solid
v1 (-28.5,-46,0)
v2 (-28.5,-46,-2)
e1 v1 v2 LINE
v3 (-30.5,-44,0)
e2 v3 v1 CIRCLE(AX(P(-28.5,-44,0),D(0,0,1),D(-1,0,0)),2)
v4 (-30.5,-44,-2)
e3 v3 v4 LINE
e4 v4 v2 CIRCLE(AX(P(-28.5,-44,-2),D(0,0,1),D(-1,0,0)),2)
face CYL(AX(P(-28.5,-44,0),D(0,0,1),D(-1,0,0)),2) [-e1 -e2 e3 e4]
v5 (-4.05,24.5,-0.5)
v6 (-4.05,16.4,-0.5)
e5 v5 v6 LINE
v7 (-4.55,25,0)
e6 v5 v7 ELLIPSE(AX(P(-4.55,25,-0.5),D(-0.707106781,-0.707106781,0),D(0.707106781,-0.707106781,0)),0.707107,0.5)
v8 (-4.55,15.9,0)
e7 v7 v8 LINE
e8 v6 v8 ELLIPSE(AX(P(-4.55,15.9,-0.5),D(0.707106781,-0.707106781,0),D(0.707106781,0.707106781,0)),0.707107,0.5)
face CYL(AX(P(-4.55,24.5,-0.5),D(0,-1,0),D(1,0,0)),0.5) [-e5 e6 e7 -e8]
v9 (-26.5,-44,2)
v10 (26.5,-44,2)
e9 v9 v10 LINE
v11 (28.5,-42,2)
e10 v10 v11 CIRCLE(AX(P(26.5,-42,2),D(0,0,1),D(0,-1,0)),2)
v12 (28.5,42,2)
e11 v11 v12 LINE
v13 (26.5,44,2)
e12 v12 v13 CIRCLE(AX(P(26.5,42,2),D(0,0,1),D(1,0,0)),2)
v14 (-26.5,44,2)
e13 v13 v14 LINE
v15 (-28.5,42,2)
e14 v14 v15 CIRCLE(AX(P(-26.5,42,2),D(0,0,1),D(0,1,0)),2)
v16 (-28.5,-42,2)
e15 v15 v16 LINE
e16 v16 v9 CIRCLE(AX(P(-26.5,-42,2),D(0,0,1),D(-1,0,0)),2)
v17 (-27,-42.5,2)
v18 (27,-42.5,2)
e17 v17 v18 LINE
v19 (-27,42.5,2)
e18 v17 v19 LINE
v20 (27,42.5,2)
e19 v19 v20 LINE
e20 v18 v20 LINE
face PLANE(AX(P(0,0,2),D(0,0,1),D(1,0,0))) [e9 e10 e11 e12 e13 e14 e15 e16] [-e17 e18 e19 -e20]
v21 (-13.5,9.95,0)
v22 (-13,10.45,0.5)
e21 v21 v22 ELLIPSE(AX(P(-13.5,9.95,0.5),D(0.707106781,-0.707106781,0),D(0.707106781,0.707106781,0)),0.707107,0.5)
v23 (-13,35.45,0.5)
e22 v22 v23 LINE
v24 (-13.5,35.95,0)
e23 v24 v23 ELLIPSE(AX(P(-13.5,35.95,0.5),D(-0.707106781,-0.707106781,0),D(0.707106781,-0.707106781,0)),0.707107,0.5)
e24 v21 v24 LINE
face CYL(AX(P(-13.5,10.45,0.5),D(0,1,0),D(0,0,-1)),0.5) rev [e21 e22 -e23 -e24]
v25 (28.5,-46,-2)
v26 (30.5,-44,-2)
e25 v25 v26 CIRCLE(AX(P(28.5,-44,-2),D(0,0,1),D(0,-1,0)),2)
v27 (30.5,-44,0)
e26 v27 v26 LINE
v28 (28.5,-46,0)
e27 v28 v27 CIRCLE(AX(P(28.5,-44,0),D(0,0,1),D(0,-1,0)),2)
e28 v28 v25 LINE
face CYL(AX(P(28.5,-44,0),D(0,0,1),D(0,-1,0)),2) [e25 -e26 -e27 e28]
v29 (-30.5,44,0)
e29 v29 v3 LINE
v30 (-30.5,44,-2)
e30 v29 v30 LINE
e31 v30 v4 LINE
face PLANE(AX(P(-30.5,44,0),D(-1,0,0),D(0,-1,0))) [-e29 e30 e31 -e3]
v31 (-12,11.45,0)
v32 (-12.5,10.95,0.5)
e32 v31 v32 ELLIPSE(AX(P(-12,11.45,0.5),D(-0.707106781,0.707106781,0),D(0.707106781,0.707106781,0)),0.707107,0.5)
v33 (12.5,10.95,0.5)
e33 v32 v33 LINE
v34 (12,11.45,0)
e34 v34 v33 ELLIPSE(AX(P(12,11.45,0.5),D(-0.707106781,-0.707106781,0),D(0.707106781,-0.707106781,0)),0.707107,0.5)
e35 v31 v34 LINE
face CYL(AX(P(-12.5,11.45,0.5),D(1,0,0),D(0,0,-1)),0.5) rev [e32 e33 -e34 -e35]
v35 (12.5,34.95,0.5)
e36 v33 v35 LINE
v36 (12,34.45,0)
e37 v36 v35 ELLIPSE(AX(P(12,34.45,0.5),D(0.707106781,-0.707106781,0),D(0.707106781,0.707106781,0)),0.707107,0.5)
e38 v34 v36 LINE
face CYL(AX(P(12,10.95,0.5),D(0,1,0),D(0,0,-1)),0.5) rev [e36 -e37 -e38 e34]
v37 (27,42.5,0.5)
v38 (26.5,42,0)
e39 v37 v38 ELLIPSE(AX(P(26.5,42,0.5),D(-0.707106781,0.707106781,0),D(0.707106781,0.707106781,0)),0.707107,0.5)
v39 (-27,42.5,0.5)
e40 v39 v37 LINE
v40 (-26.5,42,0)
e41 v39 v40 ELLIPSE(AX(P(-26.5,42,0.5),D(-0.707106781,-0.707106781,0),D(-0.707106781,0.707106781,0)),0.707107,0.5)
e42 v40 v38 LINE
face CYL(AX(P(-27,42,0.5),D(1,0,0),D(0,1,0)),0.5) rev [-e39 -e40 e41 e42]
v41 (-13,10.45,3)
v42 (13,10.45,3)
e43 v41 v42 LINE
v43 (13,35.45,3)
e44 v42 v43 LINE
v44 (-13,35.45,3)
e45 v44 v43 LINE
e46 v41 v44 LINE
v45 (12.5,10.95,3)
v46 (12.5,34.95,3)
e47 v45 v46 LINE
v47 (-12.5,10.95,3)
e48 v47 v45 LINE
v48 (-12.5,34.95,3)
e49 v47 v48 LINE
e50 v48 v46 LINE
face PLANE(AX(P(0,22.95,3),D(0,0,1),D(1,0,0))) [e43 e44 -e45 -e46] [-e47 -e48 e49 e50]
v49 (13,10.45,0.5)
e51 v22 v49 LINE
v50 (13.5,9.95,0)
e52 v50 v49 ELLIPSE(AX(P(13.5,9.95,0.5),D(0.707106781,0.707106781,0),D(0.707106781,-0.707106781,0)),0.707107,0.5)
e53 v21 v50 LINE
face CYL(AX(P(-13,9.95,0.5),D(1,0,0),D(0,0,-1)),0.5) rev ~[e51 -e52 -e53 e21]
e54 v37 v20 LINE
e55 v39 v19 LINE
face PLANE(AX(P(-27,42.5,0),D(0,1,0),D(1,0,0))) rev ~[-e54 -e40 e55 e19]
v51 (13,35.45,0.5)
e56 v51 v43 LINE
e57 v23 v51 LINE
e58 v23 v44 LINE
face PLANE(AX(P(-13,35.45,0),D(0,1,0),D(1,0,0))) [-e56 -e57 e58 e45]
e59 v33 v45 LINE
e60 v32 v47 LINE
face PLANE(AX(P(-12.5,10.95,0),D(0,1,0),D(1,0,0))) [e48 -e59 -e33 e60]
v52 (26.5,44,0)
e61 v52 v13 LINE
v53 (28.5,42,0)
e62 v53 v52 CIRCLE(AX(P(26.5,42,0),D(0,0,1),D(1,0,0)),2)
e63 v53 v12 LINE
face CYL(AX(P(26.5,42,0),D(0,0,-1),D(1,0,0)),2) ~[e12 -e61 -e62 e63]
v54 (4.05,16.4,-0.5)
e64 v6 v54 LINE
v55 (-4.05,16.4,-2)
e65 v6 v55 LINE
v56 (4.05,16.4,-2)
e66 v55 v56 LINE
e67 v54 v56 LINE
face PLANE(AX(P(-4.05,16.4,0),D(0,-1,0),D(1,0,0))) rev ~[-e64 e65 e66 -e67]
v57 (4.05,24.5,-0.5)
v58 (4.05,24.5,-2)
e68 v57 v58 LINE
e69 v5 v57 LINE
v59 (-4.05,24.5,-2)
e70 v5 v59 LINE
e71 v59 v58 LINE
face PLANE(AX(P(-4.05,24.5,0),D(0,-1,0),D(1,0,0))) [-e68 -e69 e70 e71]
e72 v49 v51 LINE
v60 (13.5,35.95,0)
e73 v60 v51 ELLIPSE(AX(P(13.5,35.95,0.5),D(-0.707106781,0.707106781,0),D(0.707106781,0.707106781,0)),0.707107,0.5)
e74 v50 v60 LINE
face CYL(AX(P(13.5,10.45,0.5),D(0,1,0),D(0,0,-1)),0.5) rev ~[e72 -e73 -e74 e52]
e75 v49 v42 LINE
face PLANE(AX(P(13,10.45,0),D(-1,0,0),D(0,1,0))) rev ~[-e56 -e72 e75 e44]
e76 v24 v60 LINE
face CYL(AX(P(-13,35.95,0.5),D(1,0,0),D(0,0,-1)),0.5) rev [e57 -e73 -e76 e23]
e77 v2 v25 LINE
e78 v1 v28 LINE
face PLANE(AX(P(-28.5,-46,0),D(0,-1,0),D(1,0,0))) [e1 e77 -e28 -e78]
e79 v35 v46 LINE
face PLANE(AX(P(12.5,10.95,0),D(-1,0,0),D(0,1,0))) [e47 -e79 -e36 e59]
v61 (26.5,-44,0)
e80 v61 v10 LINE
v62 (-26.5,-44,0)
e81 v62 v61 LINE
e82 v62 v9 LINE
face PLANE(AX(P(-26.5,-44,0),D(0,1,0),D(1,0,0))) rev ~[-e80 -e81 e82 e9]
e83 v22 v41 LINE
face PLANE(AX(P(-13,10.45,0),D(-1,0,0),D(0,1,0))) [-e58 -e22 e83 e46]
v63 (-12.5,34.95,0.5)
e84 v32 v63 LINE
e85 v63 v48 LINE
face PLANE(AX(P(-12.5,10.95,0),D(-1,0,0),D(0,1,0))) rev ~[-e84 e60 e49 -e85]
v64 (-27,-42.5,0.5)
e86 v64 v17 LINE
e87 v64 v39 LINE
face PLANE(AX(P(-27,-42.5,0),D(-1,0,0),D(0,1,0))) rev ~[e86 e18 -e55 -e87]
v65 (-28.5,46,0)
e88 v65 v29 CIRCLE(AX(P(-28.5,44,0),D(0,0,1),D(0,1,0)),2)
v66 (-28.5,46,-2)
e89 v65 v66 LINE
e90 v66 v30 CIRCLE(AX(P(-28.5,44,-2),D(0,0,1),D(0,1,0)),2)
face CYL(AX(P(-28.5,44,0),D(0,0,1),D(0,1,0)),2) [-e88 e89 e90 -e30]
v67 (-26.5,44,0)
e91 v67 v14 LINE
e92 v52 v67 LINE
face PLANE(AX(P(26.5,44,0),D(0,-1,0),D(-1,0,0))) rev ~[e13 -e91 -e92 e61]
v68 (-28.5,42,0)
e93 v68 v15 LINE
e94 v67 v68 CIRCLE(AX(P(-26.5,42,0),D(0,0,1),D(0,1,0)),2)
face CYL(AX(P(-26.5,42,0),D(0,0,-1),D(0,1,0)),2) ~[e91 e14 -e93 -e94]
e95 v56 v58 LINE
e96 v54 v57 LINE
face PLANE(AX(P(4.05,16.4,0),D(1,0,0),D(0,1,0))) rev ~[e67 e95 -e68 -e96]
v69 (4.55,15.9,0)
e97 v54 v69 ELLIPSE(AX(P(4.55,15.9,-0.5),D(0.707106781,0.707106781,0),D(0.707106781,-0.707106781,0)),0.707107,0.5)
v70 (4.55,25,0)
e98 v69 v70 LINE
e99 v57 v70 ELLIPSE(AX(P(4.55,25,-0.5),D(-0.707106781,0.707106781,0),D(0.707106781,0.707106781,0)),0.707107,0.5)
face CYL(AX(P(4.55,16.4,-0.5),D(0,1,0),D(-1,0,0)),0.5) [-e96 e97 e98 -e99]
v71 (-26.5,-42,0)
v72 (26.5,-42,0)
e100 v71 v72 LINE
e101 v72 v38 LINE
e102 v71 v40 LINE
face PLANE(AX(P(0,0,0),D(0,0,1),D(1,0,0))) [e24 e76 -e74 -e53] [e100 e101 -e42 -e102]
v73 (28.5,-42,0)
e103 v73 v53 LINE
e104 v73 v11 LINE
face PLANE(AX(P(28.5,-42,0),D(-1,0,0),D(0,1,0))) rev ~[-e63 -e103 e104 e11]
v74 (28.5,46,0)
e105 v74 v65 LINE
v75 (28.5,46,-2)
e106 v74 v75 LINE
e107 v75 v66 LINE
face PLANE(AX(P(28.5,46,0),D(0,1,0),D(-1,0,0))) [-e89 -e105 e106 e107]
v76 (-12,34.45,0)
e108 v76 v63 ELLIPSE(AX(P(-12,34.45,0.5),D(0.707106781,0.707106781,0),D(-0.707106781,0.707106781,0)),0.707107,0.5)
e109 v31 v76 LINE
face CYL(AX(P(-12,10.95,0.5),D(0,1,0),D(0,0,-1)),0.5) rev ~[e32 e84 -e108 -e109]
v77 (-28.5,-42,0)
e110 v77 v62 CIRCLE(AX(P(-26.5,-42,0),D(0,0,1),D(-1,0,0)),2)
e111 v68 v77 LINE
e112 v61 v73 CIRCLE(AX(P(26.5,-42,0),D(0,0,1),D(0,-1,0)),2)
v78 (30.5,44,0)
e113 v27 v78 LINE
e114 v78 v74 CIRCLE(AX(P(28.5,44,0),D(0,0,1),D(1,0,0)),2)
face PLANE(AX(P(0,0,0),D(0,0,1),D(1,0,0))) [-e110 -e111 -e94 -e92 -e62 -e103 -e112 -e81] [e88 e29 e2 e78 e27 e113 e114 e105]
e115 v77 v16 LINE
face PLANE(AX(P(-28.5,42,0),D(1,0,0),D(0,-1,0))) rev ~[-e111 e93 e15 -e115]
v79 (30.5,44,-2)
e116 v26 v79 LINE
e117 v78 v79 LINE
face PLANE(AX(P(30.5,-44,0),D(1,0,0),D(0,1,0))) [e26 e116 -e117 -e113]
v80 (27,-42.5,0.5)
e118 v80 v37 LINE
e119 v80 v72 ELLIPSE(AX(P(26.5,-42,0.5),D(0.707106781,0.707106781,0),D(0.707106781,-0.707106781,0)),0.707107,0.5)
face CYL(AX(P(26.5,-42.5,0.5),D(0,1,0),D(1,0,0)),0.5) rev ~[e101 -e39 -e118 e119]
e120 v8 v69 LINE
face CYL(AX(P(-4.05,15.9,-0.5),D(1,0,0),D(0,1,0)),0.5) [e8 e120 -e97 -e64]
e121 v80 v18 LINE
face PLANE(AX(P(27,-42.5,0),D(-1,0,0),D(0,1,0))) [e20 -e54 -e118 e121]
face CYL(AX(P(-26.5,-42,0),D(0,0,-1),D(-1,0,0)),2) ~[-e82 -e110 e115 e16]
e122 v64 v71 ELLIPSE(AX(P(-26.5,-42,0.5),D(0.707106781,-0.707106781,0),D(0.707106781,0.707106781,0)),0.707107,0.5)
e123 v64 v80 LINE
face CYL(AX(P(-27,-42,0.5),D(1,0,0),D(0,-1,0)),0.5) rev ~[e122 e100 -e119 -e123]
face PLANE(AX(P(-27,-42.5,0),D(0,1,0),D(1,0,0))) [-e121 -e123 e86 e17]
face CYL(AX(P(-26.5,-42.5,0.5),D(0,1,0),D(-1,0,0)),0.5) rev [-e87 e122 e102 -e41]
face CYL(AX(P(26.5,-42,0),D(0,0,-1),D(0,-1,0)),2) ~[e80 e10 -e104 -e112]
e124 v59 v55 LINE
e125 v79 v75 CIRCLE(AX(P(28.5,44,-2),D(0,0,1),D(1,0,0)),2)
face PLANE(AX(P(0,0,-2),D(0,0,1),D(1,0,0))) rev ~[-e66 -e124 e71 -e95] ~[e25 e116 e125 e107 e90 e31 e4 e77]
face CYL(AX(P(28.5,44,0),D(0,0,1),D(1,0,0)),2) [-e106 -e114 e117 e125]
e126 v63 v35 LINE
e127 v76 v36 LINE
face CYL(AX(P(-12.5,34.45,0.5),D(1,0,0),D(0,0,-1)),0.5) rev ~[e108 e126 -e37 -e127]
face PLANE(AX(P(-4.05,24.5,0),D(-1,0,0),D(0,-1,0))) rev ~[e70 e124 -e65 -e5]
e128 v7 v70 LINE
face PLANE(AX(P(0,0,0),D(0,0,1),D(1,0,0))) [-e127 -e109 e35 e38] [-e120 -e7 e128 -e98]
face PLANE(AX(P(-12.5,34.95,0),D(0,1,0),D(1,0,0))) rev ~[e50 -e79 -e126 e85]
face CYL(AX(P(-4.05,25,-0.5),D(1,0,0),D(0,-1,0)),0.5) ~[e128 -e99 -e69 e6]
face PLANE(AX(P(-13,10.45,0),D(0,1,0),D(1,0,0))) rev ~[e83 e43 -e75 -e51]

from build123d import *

# Parameters (mm, degrees)
F0_W     = 54
F0_H     = 85
F1_DEPTH = 2
F2_DEPTH = 2
F3_W     = 26
F3_H     = 25
F3_W_2   = 25
F3_H_2   = 24
F4_DEPTH = 3
F3_W_3   = 8.1
F3_H_3   = 4.05
F5_DEPTH = 2
F6_R     = 0.5


with BuildPart() as f1:
    # F0 (on Top) → F1 (new body)
    with BuildSketch(Plane.XY):
        with BuildLine():
            Line((-30.5, 44), (-30.5, 0))
            Line((-30.5, 0), (-30.5, -44))
            ThreePointArc((-30.5, -44), (-29.9142135624, -45.4142135624), (-28.5, -46))
            Line((-28.5, -46), (28.5, -46))
            ThreePointArc((28.5, -46), (29.9142135624, -45.4142135624), (30.5, -44))
            Line((30.5, -44), (30.5, 0))
            Line((30.5, 0), (30.5, 44))
            ThreePointArc((30.5, 44), (29.9142135624, 45.4142135624), (28.5, 46))
            Line((28.5, 46), (-28.5, 46))
            ThreePointArc((-28.5, 46), (-29.9142135624, 45.4142135624), (-30.5, 44))
        make_face()
        with BuildLine():
            Line((-28.5, -42), (-28.5, 0))
            Line((-28.5, 0), (-28.5, 42))
            ThreePointArc((-28.5, 42), (-27.9142135624, 43.4142135624), (-26.5, 44))
            Line((-26.5, 44), (26.5, 44))
            ThreePointArc((26.5, 44), (27.9142135624, 43.4142135624), (28.5, 42))
            Line((28.5, 42), (28.5, 0))
            Line((28.5, 0), (28.5, -42))
            ThreePointArc((28.5, -42), (27.9142135624, -43.4142135624), (26.5, -44))
            Line((26.5, -44), (-26.5, -44))
            ThreePointArc((-26.5, -44), (-27.9142135624, -43.4142135624), (-28.5, -42))
        make_face(mode=Mode.SUBTRACT)
        with BuildLine():
            Line((-28.5, 42), (-28.5, 0))
            Line((-28.5, 0), (-28.5, -42))
            ThreePointArc((-28.5, -42), (-27.9142135624, -43.4142135624), (-26.5, -44))
            Line((-26.5, -44), (26.5, -44))
            ThreePointArc((26.5, -44), (27.9142135624, -43.4142135624), (28.5, -42))
            Line((28.5, -42), (28.5, 0))
            Line((28.5, 0), (28.5, 42))
            ThreePointArc((28.5, 42), (27.9142135624, 43.4142135624), (26.5, 44))
            Line((26.5, 44), (-26.5, 44))
            ThreePointArc((-26.5, 44), (-27.9142135624, 43.4142135624), (-28.5, 42))
        make_face()
        Rectangle(F0_W, F0_H, mode=Mode.SUBTRACT)
        Rectangle(F0_W, F0_H)
    extrude(amount=-F1_DEPTH)

    # F0 (on Top) → F2 (join)
    with BuildSketch(Plane.XY):
        with BuildLine():
            Line((-28.5, 42), (-28.5, 0))
            Line((-28.5, 0), (-28.5, -42))
            ThreePointArc((-28.5, -42), (-27.9142135624, -43.4142135624), (-26.5, -44))
            Line((-26.5, -44), (26.5, -44))
            ThreePointArc((26.5, -44), (27.9142135624, -43.4142135624), (28.5, -42))
            Line((28.5, -42), (28.5, 0))
            Line((28.5, 0), (28.5, 42))
            ThreePointArc((28.5, 42), (27.9142135624, 43.4142135624), (26.5, 44))
            Line((26.5, 44), (-26.5, 44))
            ThreePointArc((-26.5, 44), (-27.9142135624, 43.4142135624), (-28.5, 42))
        make_face()
        Rectangle(F0_W, F0_H, mode=Mode.SUBTRACT)
    extrude(amount=F2_DEPTH)

    # F3 (on Top) → F4 (join)
    with BuildSketch(Plane.XY):
        with Locations((0, 22.95)):
            Rectangle(F3_W, F3_H)
        with Locations((0, 22.95)):
            Rectangle(F3_W_2, F3_H_2, mode=Mode.SUBTRACT)
    extrude(amount=F4_DEPTH)

    # F3 (on Top) → F5 (cut, through all)
    with BuildSketch(Plane.XY):
        with Locations((0, 18.425)):
            Rectangle(F3_W_3, F3_H_3)
        with Locations((0, 22.475)):
            Rectangle(F3_W_3, F3_H_3)
    extrude(amount=-F5_DEPTH, mode=Mode.SUBTRACT)

    # F6
    f6_edges = [f1.edges().sort_by_distance(p)[0] for p in [
        (-12.5, 22.95, 0),
        (0, 10.95, 0),
        (0, 34.95, 0),
        (12.5, 22.95, 0),
        (0, 16.4, 0),
        (4.05, 20.45, 0),
        (0, 24.5, 0),
        (-4.05, 20.45, 0),
        (-27, 0, 0),
        (0, -42.5, 0),
        (0, 42.5, 0),
        (27, 0, 0),
        (0, 35.45, 0),
        (-13, 22.95, 0),
        (0, 10.45, 0),
        (13, 22.95, 0),
    ]]
    fillet(f6_edges, radius=F6_R)


solid = f1.part
